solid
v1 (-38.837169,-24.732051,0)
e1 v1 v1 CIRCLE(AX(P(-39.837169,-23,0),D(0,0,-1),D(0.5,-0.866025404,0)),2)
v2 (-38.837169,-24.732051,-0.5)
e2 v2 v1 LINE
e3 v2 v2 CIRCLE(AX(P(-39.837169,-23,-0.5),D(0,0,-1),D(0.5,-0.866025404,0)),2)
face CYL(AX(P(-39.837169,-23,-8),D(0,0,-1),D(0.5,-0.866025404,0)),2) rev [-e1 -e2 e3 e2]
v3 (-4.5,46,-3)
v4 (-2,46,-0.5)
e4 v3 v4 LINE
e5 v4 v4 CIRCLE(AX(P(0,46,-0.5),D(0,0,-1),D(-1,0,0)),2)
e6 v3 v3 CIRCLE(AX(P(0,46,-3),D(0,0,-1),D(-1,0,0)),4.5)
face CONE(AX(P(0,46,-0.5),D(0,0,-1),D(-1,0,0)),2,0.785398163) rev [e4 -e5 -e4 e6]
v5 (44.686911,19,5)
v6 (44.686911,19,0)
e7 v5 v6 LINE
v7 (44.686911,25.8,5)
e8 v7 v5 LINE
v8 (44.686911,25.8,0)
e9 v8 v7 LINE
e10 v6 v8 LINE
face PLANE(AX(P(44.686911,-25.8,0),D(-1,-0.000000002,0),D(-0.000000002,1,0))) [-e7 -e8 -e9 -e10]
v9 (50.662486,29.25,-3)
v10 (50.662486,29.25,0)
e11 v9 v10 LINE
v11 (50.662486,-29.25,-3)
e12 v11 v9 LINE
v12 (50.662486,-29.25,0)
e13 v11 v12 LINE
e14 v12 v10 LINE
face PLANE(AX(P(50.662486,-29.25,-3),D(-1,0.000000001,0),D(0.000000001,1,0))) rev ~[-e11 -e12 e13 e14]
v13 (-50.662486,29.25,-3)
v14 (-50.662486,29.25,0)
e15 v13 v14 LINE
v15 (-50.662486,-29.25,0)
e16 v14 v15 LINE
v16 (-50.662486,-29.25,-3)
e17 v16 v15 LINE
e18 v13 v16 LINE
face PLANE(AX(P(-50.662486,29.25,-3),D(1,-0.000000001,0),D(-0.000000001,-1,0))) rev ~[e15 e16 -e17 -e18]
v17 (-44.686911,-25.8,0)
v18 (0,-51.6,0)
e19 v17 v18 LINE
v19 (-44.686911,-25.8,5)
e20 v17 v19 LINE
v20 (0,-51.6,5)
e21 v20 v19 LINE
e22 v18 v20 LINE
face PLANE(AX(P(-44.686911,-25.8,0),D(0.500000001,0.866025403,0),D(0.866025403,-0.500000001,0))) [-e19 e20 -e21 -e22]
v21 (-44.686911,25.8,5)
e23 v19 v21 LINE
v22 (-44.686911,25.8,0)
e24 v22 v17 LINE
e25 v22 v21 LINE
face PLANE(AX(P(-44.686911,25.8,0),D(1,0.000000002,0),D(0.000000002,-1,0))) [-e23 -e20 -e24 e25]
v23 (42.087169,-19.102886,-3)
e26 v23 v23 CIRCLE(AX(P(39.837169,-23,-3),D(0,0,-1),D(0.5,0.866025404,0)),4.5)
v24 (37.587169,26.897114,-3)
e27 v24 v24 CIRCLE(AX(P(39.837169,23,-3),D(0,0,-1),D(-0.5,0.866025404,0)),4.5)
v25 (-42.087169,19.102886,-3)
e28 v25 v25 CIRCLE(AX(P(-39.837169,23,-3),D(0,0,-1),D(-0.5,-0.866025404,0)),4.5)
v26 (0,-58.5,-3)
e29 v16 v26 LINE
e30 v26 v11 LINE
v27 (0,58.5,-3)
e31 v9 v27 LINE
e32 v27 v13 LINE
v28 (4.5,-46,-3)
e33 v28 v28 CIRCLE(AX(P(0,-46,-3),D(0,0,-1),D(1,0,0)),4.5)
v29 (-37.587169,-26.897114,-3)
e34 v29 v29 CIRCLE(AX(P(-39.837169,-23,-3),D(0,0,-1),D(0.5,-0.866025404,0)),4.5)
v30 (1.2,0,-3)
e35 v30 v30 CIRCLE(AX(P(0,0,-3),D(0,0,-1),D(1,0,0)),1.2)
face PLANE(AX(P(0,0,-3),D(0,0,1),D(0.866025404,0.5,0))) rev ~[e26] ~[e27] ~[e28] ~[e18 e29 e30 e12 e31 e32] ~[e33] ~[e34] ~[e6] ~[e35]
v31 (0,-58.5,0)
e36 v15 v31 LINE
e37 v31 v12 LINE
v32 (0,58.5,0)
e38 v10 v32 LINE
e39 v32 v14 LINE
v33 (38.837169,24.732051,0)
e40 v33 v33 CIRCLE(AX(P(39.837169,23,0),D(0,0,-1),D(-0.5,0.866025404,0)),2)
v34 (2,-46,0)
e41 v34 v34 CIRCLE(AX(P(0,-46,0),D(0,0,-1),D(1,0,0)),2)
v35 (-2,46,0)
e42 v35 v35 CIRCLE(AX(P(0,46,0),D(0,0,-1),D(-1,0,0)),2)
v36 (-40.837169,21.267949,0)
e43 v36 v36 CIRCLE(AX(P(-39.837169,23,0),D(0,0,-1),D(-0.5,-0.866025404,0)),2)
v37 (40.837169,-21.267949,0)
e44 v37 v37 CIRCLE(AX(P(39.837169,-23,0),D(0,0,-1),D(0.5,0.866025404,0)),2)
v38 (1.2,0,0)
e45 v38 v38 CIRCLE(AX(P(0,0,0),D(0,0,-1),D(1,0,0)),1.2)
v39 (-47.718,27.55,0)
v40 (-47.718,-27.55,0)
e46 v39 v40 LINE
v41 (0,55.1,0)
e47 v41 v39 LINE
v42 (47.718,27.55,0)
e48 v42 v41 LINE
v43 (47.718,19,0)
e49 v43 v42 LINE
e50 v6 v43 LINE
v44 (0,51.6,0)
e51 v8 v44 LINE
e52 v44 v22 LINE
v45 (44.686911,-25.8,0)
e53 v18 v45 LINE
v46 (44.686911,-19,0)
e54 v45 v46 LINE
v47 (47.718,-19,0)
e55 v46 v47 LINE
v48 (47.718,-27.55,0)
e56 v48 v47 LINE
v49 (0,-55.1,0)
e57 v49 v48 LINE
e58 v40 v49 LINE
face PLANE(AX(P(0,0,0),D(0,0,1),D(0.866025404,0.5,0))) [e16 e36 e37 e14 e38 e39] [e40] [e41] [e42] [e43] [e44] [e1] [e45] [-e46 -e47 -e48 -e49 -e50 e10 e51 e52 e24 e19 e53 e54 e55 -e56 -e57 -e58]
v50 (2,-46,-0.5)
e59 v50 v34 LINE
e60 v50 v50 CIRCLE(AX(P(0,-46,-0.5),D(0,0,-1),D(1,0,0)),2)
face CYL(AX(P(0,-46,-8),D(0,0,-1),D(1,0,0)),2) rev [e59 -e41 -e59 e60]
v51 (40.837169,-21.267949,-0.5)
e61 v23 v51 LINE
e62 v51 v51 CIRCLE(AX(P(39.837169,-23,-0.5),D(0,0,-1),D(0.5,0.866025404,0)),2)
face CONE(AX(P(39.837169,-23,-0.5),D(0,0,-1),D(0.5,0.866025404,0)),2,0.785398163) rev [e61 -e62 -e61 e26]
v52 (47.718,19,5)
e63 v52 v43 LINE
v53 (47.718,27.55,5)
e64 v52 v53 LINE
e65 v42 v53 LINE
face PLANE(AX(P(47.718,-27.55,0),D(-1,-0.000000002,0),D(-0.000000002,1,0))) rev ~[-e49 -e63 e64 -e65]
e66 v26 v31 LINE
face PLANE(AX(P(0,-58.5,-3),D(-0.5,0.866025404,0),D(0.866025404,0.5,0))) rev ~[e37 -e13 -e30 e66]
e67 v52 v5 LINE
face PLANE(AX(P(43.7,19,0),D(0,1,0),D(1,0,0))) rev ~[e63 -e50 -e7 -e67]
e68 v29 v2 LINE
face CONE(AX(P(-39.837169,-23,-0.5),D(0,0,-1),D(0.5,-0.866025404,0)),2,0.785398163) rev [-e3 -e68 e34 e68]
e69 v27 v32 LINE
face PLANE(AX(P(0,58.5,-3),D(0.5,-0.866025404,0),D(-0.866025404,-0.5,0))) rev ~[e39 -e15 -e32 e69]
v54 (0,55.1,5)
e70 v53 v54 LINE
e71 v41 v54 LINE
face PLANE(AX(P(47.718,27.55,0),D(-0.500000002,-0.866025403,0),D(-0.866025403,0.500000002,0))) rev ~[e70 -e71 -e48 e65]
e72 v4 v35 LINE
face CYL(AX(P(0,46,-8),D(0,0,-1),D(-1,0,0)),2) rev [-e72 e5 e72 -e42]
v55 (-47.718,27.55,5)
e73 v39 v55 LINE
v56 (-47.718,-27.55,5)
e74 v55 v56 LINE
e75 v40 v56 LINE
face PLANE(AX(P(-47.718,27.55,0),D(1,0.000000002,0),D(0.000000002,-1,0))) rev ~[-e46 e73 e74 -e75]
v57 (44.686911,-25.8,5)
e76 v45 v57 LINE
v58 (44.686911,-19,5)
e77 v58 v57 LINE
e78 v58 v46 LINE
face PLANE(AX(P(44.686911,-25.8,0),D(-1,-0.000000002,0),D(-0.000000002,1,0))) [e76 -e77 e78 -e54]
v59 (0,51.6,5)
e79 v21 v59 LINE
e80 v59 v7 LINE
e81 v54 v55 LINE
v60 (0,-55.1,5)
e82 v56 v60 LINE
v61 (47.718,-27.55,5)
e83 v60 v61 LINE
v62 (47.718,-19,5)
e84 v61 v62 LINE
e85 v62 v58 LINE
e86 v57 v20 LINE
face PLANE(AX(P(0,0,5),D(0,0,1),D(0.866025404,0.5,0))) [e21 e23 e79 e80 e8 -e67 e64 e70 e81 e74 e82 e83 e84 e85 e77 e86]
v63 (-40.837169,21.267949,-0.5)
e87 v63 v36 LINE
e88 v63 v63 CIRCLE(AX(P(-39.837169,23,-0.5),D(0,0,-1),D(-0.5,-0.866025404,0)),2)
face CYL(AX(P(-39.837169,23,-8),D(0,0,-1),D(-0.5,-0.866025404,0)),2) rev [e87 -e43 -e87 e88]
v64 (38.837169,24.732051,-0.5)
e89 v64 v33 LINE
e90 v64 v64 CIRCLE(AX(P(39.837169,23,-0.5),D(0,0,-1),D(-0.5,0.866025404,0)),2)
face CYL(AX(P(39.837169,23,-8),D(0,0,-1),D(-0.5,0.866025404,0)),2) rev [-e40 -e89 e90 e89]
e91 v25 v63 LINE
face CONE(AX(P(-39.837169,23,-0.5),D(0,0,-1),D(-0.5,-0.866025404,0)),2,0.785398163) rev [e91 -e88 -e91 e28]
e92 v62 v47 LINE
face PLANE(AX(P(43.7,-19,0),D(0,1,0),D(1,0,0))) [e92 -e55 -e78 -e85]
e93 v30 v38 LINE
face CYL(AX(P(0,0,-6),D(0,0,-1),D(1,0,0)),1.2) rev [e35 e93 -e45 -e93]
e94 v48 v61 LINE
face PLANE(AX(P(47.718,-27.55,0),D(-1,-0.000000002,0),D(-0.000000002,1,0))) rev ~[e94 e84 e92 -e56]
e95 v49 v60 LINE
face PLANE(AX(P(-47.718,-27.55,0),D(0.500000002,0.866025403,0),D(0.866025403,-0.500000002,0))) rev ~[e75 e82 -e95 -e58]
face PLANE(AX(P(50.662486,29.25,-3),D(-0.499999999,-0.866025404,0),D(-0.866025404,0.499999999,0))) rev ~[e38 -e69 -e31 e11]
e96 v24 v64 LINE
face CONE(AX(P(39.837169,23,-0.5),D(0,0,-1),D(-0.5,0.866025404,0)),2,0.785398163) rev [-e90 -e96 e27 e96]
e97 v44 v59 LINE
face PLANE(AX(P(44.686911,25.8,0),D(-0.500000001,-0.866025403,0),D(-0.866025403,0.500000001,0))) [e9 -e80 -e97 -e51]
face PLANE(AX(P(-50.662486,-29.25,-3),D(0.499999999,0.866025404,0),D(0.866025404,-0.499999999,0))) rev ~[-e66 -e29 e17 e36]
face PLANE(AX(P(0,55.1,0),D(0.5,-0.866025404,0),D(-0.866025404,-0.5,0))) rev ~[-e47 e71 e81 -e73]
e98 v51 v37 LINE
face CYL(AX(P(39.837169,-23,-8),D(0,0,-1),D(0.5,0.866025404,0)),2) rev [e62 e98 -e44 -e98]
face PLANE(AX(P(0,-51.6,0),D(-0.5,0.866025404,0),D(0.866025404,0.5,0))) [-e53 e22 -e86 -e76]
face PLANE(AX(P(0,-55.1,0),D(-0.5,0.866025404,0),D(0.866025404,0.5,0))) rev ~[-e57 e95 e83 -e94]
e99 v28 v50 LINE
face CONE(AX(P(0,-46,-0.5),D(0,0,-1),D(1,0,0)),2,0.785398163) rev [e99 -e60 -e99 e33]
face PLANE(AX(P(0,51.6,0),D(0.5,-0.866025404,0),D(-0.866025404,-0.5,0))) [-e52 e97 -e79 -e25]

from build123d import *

# Parameters (mm, degrees)
CYLINDER050_R            = 2
CYLINDER050_DEPTH        = 21
ARRAY002_COUNT           = 6
CYLINDER043_R            = 1.2
CYLINDER043_DEPTH        = 10
PRISM002_DEPTH           = 3
PRISM002_PLACEMENT_ANGLE = 30
BOX010_W                 = 5
BOX010_H                 = 38
BOX010_DEPTH             = 10
PRISM004_DEPTH           = 11
PRISM004_PLACEMENT_ANGLE = 30
PRISM003_DEPTH           = 5
PRISM003_PLACEMENT_ANGLE = 30
CHAMFER007_SIZE          = 2.5


with BuildPart() as agujeros_tornillos_tapa_inferior:
    # Cylinder050 → Cylinder050 (new body)
    with BuildSketch(Plane(origin=(0, -46, -8), x_dir=(1, 0, 0), z_dir=(0, 0, 1))):
        Circle(CYLINDER050_R)
    extrude(amount=CYLINDER050_DEPTH)

    # Array002: agujeros tornillos tapa inferior ×6 about axis
    array002_axis = Axis((0, 0, 0), (0, 0, 1))


with BuildPart() as agujeros_tornillos_tapa_inferior_1:
    add(agujeros_tornillos_tapa_inferior.part)
    for i in range(1, ARRAY002_COUNT):
        add(agujeros_tornillos_tapa_inferior.part.rotate(array002_axis, i * 360 / ARRAY002_COUNT))


with BuildPart() as cilindro019:
    # Cylinder043 → Cylinder043 (new body)
    with BuildSketch(Plane.XY.offset(-6)):
        Circle(CYLINDER043_R)
    extrude(amount=CYLINDER043_DEPTH)


with BuildPart() as tapa_con_agujero_pulsaor:
    # Prism002 → Prism002 (new body)
    with BuildSketch(Plane.XY):
        Polygon((58.5, 0), (29.25, 50.662486), (-29.25, 50.662486), (-58.5, 0), (-29.25, -50.662486), (29.25, -50.662486), align=None)
    extrude(amount=PRISM002_DEPTH)


with BuildPart() as tapa_con_agujero_pulsaor_1:
    # Prism002 placement: moved
    add(tapa_con_agujero_pulsaor.part.moved(Location((0, 0, -3))).rotate(Axis((0, 0, -3), (0, 0, 1)), PRISM002_PLACEMENT_ANGLE))

    # Cut011: cut Cilindro019
    add(cilindro019.part, mode=Mode.SUBTRACT)


with BuildPart() as cubo007:
    # Box010 → Box010 (new body)
    with BuildSketch(Plane(origin=(43.7, -19, 0), x_dir=(1, 0, 0), z_dir=(0, 0, 1))):
        with Locations((2.5, 19)):
            Rectangle(BOX010_W, BOX010_H)
    extrude(amount=BOX010_DEPTH)


with BuildPart() as tapa002:
    # Prism004 → Prism004 (new body)
    with BuildSketch(Plane.XY):
        Polygon((51.6, 0), (25.8, 44.686911), (-25.8, 44.686911), (-51.6, 0), (-25.8, -44.686911), (25.8, -44.686911), align=None)
    extrude(amount=PRISM004_DEPTH)


with BuildPart() as tapa002_1:
    # Prism004 placement: moved
    add(tapa002.part.rotate(Axis((0, 0, 0), (0, 0, 1)), PRISM004_PLACEMENT_ANGLE))


with BuildPart() as tapa_inferior_con_chanfler_tornillos:
    # Prism003 → Prism003 (new body)
    with BuildSketch(Plane.XY):
        Polygon((55.1, 0), (27.55, 47.718), (-27.55, 47.718), (-55.1, 0), (-27.55, -47.718), (27.55, -47.718), align=None)
    extrude(amount=PRISM003_DEPTH)


with BuildPart() as tapa_inferior_con_chanfler_tornillos_1:
    # Prism003 placement: moved
    add(tapa_inferior_con_chanfler_tornillos.part.rotate(Axis((0, 0, 0), (0, 0, 1)), PRISM003_PLACEMENT_ANGLE))

    # Cut006: cut tapa002
    add(tapa002_1.part, mode=Mode.SUBTRACT)

    # Cut007: cut Cubo007
    add(cubo007.part, mode=Mode.SUBTRACT)

    # Fusion006: union tapa con agujero pulsaor
    add(tapa_con_agujero_pulsaor_1.part)

    # Cut021: cut agujeros tornillos tapa inferior
    add(agujeros_tornillos_tapa_inferior_1.part, mode=Mode.SUBTRACT)

    # Chamfer007
    chamfer007_edges = [tapa_inferior_con_chanfler_tornillos_1.edges().sort_by_distance(p)[0] for p in [
        (-2, -46, -3),
        (38.837169, -24.732051, -3),
        (2, 46, -3),
        (-38.837169, 24.732051, -3),
        (-40.837169, -21.267949, -3),
        (40.837169, 21.267949, -3),
    ]]
    chamfer(chamfer007_edges, length=CHAMFER007_SIZE)


solid = tapa_inferior_con_chanfler_tornillos_1.part
